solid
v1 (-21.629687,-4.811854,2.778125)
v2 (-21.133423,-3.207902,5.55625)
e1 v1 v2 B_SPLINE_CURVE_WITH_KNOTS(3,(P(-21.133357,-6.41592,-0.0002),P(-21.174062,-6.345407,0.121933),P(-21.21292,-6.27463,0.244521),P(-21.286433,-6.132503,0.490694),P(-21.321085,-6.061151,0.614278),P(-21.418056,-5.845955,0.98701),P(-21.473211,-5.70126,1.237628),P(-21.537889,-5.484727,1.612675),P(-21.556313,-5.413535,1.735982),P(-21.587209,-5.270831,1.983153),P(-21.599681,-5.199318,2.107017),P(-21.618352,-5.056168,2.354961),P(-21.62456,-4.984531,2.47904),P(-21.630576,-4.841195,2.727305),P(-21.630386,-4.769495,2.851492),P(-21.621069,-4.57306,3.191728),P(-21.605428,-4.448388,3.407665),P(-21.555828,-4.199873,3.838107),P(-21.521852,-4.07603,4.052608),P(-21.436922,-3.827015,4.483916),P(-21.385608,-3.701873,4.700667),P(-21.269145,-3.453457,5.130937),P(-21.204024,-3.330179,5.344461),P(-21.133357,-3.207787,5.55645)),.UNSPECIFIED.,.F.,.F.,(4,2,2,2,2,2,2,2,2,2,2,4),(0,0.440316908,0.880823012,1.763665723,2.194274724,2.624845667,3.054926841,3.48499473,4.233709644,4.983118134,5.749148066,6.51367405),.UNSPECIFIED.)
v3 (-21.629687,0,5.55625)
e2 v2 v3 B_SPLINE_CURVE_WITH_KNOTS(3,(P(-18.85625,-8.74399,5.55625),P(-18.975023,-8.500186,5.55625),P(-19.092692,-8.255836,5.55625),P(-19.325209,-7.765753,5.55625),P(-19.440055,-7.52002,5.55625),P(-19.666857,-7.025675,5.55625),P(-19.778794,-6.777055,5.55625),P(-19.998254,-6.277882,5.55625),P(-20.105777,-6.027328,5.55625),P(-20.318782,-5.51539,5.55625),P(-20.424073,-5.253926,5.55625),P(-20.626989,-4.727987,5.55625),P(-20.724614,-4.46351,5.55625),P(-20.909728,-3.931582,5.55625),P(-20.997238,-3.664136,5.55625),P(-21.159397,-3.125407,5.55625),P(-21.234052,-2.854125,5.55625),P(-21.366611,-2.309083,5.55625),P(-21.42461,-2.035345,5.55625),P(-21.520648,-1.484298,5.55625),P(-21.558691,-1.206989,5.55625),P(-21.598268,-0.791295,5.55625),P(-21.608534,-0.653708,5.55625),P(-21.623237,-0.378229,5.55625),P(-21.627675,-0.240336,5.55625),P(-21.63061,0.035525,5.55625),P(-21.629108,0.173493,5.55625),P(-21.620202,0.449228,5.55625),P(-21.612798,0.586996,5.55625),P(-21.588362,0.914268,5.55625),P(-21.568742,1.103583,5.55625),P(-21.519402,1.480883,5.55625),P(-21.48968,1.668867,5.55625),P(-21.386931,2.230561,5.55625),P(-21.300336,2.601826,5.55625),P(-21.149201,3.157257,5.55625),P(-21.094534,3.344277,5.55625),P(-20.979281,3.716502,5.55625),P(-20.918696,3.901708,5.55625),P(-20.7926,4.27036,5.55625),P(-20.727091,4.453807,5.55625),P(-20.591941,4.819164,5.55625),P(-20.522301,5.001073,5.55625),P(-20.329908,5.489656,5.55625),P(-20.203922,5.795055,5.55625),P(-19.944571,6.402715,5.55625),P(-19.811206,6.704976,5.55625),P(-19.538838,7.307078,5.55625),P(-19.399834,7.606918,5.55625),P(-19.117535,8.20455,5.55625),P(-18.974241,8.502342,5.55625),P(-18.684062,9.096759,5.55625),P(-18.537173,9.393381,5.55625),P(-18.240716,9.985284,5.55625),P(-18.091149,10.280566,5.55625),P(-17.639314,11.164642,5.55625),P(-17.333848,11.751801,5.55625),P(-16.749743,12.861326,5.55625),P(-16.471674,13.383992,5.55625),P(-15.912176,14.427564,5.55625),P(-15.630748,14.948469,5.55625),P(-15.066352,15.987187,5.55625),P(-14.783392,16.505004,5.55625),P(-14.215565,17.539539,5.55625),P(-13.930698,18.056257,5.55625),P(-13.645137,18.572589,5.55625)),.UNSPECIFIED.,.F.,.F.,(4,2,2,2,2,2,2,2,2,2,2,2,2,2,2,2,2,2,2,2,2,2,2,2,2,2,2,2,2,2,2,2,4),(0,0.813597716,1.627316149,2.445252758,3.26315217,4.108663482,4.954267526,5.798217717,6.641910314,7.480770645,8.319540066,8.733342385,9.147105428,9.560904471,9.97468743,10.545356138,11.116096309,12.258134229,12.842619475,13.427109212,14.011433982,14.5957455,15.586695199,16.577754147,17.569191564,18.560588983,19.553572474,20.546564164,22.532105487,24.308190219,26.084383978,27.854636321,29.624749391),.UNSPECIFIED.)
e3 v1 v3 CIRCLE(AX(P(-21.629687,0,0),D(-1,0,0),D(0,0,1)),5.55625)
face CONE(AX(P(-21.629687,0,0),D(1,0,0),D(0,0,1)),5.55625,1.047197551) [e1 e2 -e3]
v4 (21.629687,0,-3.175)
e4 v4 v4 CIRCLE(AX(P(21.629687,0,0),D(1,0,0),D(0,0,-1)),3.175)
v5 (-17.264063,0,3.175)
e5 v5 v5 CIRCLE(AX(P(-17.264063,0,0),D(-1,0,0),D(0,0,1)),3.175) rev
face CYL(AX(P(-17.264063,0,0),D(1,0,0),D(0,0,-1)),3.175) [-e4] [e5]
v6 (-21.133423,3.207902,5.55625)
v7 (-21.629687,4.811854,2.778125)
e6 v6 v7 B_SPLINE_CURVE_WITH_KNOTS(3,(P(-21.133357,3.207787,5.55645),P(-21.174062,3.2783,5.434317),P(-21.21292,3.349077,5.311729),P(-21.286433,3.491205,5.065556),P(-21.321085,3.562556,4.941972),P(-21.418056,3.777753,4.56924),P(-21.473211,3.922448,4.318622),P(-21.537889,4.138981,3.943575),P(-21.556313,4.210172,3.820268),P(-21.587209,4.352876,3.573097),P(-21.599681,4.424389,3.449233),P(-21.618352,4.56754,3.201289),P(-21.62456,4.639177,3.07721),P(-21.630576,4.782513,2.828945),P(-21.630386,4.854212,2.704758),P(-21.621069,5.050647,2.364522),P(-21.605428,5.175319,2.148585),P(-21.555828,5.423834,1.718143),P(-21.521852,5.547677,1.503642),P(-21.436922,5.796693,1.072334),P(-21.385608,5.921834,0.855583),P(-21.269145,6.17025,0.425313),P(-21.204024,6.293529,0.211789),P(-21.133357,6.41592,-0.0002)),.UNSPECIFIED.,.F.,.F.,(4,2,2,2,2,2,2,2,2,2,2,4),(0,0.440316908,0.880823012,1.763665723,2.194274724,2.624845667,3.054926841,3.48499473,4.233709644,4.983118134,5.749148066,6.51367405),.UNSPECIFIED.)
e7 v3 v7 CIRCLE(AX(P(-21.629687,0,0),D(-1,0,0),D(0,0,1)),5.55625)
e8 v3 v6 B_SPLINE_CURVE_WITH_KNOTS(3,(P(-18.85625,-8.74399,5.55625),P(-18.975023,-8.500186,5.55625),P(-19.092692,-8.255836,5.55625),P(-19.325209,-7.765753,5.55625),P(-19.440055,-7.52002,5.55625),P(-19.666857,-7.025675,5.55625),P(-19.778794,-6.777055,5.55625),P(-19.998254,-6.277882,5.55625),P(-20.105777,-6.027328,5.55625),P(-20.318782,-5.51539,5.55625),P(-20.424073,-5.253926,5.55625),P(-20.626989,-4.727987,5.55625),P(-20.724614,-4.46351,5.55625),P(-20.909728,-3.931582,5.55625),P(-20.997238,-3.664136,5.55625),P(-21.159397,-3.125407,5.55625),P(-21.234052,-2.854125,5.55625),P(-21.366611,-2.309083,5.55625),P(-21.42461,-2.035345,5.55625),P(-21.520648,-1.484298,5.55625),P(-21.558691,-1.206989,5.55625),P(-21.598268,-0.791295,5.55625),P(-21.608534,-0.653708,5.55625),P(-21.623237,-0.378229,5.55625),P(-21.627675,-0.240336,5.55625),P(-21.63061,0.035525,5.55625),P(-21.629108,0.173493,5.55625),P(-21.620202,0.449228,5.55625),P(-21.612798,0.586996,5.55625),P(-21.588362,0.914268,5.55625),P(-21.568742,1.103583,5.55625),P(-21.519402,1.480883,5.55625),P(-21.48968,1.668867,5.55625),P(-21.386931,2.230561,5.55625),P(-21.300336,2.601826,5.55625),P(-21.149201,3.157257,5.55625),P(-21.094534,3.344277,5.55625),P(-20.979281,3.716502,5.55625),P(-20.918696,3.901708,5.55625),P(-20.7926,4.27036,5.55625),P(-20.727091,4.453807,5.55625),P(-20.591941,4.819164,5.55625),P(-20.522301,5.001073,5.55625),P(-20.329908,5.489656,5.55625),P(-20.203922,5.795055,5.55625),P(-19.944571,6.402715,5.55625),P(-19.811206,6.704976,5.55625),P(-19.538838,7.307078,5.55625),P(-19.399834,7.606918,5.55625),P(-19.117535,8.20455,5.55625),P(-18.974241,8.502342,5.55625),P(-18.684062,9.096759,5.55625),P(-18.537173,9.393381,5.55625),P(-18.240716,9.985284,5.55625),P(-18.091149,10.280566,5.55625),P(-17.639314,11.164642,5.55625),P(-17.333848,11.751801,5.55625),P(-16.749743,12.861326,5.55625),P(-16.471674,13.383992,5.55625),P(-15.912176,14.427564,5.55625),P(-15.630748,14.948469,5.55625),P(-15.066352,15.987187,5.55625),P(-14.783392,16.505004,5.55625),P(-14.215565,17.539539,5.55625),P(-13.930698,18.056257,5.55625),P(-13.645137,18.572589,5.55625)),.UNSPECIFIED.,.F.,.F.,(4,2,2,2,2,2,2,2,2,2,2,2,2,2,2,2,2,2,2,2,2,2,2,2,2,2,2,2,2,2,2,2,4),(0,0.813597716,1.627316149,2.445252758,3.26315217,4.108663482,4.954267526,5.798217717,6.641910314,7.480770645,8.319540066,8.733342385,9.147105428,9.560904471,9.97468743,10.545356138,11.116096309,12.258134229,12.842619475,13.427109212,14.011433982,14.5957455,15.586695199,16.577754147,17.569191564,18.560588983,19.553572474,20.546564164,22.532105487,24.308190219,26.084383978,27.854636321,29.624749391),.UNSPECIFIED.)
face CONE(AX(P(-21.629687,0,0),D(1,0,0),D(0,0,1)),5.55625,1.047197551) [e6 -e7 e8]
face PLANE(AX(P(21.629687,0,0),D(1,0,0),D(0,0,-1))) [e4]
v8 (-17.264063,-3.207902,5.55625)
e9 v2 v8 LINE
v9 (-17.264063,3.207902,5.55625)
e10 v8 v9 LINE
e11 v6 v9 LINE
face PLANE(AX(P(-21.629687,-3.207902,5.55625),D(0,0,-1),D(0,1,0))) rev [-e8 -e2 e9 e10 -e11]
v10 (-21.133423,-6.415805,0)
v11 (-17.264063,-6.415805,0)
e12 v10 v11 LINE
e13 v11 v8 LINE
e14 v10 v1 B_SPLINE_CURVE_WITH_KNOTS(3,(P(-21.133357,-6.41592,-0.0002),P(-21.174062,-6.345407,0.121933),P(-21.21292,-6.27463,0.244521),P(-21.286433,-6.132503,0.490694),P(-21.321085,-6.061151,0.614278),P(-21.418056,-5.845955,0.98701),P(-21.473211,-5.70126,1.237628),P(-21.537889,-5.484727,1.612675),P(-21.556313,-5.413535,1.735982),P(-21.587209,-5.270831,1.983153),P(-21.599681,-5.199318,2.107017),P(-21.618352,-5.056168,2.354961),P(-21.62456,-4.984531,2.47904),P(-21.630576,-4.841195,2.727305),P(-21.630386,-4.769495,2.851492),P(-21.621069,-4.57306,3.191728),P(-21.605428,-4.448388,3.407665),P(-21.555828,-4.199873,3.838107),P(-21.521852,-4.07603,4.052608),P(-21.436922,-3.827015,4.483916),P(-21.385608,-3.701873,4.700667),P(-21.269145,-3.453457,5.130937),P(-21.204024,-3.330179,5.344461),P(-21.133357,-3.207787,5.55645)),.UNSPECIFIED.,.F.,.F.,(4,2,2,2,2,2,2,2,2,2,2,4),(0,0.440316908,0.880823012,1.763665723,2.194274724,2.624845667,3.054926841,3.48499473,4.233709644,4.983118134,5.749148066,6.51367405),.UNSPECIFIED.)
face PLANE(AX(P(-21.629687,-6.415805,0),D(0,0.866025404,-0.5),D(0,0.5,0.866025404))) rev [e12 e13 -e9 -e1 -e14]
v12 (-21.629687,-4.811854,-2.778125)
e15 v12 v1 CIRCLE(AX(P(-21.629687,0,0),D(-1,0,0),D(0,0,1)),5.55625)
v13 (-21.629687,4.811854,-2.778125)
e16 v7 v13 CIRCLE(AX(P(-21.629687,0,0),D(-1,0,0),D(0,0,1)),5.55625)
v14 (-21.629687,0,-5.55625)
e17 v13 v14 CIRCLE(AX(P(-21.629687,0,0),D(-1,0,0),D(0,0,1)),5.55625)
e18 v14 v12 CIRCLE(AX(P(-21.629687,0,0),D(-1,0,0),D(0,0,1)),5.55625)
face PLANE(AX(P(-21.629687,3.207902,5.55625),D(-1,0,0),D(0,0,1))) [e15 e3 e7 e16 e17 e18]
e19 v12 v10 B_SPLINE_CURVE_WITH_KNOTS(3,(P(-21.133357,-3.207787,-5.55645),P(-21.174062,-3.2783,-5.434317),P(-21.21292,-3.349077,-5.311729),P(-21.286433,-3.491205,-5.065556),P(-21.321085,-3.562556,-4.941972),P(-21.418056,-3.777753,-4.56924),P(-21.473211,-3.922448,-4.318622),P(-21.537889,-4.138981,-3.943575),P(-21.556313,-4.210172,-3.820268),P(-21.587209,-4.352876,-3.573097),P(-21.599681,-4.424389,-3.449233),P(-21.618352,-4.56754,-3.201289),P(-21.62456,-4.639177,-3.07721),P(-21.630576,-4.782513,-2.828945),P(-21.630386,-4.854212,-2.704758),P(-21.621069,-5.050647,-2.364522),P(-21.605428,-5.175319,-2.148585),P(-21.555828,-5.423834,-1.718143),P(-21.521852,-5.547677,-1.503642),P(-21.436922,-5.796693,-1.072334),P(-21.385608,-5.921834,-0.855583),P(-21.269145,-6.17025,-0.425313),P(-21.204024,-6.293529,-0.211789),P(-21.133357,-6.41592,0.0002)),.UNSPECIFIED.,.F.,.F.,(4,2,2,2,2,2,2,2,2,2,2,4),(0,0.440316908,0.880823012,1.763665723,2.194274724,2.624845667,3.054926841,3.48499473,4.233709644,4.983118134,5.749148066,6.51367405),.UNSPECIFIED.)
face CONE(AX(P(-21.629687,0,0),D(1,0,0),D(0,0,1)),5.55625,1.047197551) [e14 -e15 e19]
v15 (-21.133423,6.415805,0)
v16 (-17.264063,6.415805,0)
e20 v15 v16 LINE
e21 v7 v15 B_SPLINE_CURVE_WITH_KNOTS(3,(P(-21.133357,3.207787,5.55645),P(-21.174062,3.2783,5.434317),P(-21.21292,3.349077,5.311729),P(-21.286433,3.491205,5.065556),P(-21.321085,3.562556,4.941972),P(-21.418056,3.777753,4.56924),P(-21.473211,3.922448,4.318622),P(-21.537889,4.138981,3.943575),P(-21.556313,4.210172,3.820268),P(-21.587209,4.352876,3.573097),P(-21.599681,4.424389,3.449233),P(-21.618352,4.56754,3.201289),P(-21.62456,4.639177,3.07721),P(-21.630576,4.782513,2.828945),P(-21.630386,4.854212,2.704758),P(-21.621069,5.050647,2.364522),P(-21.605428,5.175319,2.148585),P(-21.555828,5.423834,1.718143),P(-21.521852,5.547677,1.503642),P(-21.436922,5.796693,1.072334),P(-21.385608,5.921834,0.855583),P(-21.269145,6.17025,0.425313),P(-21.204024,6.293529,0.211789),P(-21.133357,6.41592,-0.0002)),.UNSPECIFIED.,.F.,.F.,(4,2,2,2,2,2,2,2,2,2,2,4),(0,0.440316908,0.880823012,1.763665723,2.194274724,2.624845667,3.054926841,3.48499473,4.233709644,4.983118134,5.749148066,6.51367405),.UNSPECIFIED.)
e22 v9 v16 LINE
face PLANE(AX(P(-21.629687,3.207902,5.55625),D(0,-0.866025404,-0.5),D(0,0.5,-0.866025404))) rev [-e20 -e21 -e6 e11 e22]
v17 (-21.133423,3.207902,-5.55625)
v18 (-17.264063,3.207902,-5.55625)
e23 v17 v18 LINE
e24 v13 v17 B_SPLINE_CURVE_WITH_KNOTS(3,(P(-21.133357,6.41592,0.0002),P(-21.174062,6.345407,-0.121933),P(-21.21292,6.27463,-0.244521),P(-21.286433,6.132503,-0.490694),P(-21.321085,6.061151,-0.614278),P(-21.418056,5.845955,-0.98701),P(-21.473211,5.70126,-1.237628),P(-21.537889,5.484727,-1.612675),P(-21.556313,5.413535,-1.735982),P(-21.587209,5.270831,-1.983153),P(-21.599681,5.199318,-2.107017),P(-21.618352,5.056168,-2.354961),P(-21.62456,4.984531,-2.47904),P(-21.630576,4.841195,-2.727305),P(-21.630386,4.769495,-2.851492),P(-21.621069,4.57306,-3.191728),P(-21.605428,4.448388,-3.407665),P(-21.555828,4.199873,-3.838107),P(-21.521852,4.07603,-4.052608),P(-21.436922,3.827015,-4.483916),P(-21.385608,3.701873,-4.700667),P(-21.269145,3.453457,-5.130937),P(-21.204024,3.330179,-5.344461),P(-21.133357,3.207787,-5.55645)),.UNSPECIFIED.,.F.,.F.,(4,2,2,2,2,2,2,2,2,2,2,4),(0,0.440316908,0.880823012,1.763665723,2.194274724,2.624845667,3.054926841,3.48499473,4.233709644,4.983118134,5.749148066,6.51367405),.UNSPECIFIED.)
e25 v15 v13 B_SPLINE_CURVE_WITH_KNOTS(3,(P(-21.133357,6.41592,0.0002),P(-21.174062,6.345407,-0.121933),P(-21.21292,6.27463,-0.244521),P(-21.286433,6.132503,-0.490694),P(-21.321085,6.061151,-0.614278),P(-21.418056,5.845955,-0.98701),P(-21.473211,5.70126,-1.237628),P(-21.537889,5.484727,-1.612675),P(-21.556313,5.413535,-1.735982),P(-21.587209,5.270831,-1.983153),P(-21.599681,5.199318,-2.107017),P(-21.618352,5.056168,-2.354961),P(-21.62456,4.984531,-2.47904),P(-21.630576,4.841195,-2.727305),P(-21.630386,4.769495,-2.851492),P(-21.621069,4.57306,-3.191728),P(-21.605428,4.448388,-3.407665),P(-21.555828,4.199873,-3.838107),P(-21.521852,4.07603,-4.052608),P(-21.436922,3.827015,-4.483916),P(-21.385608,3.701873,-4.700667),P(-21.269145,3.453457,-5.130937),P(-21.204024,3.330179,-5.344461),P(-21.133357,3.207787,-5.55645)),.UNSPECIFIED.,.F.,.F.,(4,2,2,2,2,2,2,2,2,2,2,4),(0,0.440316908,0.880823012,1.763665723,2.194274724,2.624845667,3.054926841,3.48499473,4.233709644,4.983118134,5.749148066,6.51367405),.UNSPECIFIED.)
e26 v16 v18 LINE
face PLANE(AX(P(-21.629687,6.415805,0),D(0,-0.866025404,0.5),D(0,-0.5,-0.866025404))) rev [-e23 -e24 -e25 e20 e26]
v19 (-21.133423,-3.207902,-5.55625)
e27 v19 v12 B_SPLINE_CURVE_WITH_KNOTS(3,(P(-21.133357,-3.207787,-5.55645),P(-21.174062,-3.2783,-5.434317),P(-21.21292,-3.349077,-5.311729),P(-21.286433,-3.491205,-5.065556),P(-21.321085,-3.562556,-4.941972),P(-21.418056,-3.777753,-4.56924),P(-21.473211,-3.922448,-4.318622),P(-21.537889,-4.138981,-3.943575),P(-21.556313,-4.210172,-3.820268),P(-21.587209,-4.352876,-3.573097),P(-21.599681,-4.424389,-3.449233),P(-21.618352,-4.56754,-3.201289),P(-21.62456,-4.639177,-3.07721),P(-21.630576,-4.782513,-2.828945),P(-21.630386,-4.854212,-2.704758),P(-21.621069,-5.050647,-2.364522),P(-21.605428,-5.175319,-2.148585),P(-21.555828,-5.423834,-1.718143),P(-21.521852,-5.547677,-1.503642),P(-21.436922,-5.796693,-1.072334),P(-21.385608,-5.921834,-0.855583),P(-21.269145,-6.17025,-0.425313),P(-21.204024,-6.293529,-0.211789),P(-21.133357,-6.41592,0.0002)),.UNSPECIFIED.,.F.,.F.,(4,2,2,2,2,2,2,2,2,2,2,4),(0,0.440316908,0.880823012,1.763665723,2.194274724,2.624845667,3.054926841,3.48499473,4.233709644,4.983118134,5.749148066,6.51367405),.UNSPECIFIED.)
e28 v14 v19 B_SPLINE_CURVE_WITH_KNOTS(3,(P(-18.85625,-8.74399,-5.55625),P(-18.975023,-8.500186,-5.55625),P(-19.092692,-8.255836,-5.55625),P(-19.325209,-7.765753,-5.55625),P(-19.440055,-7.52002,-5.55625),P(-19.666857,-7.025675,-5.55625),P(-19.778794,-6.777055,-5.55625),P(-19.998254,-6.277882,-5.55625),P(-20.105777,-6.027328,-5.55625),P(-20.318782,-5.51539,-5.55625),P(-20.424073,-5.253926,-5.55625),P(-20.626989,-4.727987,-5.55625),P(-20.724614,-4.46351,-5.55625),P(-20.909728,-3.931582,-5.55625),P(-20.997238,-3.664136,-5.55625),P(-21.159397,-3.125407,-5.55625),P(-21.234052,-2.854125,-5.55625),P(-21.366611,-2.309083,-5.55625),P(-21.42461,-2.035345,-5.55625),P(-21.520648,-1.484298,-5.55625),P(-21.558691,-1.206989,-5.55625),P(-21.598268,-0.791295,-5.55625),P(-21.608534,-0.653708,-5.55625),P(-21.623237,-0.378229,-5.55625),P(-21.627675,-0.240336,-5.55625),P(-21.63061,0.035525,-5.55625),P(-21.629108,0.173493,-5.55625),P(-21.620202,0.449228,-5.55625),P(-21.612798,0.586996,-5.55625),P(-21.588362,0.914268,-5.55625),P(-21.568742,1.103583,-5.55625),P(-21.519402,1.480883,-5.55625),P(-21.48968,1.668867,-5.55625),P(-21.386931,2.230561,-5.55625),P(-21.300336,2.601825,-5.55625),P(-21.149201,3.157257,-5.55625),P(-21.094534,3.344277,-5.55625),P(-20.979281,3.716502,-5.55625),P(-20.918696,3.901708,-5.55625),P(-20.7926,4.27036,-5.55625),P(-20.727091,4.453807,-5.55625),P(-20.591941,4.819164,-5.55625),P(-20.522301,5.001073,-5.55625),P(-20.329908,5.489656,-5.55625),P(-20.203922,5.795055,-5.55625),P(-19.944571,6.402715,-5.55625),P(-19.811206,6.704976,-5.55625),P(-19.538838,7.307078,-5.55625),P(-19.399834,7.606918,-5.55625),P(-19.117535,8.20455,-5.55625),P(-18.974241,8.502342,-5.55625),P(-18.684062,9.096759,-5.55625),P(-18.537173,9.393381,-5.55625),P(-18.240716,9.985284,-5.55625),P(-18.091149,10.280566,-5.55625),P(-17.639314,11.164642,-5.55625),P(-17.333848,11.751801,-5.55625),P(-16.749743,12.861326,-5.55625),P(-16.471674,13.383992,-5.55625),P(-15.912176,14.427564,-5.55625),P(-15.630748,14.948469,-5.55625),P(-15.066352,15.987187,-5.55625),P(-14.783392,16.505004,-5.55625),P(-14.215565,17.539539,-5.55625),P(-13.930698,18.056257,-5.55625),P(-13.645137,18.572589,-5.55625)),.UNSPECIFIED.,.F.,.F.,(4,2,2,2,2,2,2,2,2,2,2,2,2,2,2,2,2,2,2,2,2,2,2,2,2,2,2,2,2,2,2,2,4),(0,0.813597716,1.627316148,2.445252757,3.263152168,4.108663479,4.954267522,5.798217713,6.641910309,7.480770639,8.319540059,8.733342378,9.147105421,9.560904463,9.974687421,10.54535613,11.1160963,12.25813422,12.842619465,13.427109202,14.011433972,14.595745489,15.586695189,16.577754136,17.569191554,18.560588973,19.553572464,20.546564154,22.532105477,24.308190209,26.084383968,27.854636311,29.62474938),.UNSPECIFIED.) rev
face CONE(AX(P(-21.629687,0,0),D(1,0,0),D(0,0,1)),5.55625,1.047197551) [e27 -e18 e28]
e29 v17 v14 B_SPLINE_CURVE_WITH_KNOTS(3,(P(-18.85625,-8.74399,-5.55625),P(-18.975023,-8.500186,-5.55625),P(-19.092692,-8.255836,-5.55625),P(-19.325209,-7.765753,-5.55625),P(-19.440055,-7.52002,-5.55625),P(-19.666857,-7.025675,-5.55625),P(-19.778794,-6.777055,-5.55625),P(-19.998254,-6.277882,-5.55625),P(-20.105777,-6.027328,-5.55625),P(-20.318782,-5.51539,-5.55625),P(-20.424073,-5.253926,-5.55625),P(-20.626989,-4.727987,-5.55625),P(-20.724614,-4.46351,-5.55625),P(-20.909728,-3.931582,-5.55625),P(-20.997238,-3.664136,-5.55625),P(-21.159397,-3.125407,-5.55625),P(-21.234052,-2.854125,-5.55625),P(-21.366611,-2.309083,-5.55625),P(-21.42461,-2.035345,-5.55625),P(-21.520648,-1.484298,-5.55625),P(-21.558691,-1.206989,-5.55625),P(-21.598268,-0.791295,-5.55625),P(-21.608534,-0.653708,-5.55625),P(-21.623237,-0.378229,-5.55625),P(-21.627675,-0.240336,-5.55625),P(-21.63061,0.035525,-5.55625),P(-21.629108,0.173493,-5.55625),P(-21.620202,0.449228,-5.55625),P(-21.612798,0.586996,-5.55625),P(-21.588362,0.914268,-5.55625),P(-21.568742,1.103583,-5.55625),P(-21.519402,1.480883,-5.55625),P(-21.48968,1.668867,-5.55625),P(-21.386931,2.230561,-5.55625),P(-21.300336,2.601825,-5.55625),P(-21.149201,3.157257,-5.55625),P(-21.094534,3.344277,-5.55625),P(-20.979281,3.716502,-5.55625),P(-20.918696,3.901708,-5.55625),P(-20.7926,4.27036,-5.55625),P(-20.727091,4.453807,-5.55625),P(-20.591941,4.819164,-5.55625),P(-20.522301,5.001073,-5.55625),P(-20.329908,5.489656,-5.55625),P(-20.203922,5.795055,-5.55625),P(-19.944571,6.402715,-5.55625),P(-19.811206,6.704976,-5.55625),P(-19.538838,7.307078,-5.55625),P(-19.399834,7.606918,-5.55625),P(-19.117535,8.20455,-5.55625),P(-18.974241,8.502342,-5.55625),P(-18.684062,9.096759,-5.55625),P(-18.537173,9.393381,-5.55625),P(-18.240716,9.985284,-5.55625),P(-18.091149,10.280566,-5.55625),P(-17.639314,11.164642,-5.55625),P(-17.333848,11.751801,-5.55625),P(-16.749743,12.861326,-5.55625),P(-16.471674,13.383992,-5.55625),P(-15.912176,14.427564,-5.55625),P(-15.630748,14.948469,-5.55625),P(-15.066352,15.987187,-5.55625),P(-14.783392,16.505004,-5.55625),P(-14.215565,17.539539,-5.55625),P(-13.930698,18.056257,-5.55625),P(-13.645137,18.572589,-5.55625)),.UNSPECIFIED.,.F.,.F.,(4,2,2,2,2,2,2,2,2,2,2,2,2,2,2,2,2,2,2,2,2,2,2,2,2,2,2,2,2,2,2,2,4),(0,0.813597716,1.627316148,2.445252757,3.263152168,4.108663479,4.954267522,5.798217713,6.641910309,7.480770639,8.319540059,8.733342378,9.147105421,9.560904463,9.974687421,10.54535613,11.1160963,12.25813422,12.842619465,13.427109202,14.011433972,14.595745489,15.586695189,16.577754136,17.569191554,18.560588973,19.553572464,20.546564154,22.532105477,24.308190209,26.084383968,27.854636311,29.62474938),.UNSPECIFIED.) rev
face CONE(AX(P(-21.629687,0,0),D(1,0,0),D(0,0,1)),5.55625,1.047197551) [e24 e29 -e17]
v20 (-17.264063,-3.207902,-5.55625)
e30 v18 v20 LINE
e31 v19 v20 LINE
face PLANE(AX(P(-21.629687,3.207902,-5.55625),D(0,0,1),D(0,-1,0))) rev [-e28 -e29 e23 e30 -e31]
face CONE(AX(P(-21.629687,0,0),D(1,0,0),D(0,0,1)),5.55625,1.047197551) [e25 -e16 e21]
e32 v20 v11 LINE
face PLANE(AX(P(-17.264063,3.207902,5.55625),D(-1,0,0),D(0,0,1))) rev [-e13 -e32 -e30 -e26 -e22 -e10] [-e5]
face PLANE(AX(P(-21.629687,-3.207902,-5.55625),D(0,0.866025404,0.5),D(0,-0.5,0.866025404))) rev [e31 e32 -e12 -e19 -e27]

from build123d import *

# Parameters (mm, degrees)
SKETCH5_R           = 3.175
BOSS_EXTRUDE3_DEPTH = 38.89375
BOSS_EXTRUDE4_DEPTH = 4.365625
SKETCH8_OUTSIDE_W   = 178.582
SKETCH8_OUTSIDE_H   = 180.302
SKETCH8_OUTSIDE_R   = 5.55625
CUT_EXTRUDE3_DEPTH  = 45.084101347
CUT_EXTRUDE3_DRAFT  = -60


with BuildPart() as part:
    # Sketch5 → Boss-Extrude3 (new body)
    with BuildSketch(Plane(origin=(21.6296875, 0, 0), x_dir=(0, 0, -1), z_dir=(1, 0, 0))):
        Circle(SKETCH5_R)
    extrude(amount=-BOSS_EXTRUDE3_DEPTH)

    # Sketch6 → Boss-Extrude4 (add)
    with BuildSketch(Plane.ZY.offset(17.2640625)):
        Polygon((5.55625, 3.207902433), (0, 6.415804866), (-5.55625, 3.207902433), (-5.55625, -3.207902433), (0, -6.415804866), (5.55625, -3.207902433), align=None)
    extrude(amount=BOSS_EXTRUDE4_DEPTH)


with BuildPart() as cut_extrude3_tool:
    # Sketch8 outside → Cut-Extrude3 (with draft: the straight prism first)
    with BuildSketch(Plane.ZY.offset(21.6296875)):
        Rectangle(SKETCH8_OUTSIDE_W, SKETCH8_OUTSIDE_H)
        Circle(SKETCH8_OUTSIDE_R, mode=Mode.SUBTRACT)
    extrude(amount=-CUT_EXTRUDE3_DEPTH)
    # Cut-Extrude3: the draft: its side faces are tilted about the plane it starts from
    cut_extrude3_sides = [cut_extrude3_tool.faces().sort_by_distance(p)[0] for p in [
        (0.912363173, -90.151, 0),
        (0.912363173, 0, 89.291),
        (0.912363173, 90.151, 0),
        (0.912363173, 0, -89.291),
        (0.912363173, 0, -5.55625),
    ]]
    draft(cut_extrude3_sides, Plane.ZY.offset(21.6296875), CUT_EXTRUDE3_DRAFT)


with BuildPart() as part_1:
    add(part.part)

    # Cut-Extrude3: cut by cut_extrude3_tool
    add(cut_extrude3_tool.part, mode=Mode.SUBTRACT)


solid = part_1.part
